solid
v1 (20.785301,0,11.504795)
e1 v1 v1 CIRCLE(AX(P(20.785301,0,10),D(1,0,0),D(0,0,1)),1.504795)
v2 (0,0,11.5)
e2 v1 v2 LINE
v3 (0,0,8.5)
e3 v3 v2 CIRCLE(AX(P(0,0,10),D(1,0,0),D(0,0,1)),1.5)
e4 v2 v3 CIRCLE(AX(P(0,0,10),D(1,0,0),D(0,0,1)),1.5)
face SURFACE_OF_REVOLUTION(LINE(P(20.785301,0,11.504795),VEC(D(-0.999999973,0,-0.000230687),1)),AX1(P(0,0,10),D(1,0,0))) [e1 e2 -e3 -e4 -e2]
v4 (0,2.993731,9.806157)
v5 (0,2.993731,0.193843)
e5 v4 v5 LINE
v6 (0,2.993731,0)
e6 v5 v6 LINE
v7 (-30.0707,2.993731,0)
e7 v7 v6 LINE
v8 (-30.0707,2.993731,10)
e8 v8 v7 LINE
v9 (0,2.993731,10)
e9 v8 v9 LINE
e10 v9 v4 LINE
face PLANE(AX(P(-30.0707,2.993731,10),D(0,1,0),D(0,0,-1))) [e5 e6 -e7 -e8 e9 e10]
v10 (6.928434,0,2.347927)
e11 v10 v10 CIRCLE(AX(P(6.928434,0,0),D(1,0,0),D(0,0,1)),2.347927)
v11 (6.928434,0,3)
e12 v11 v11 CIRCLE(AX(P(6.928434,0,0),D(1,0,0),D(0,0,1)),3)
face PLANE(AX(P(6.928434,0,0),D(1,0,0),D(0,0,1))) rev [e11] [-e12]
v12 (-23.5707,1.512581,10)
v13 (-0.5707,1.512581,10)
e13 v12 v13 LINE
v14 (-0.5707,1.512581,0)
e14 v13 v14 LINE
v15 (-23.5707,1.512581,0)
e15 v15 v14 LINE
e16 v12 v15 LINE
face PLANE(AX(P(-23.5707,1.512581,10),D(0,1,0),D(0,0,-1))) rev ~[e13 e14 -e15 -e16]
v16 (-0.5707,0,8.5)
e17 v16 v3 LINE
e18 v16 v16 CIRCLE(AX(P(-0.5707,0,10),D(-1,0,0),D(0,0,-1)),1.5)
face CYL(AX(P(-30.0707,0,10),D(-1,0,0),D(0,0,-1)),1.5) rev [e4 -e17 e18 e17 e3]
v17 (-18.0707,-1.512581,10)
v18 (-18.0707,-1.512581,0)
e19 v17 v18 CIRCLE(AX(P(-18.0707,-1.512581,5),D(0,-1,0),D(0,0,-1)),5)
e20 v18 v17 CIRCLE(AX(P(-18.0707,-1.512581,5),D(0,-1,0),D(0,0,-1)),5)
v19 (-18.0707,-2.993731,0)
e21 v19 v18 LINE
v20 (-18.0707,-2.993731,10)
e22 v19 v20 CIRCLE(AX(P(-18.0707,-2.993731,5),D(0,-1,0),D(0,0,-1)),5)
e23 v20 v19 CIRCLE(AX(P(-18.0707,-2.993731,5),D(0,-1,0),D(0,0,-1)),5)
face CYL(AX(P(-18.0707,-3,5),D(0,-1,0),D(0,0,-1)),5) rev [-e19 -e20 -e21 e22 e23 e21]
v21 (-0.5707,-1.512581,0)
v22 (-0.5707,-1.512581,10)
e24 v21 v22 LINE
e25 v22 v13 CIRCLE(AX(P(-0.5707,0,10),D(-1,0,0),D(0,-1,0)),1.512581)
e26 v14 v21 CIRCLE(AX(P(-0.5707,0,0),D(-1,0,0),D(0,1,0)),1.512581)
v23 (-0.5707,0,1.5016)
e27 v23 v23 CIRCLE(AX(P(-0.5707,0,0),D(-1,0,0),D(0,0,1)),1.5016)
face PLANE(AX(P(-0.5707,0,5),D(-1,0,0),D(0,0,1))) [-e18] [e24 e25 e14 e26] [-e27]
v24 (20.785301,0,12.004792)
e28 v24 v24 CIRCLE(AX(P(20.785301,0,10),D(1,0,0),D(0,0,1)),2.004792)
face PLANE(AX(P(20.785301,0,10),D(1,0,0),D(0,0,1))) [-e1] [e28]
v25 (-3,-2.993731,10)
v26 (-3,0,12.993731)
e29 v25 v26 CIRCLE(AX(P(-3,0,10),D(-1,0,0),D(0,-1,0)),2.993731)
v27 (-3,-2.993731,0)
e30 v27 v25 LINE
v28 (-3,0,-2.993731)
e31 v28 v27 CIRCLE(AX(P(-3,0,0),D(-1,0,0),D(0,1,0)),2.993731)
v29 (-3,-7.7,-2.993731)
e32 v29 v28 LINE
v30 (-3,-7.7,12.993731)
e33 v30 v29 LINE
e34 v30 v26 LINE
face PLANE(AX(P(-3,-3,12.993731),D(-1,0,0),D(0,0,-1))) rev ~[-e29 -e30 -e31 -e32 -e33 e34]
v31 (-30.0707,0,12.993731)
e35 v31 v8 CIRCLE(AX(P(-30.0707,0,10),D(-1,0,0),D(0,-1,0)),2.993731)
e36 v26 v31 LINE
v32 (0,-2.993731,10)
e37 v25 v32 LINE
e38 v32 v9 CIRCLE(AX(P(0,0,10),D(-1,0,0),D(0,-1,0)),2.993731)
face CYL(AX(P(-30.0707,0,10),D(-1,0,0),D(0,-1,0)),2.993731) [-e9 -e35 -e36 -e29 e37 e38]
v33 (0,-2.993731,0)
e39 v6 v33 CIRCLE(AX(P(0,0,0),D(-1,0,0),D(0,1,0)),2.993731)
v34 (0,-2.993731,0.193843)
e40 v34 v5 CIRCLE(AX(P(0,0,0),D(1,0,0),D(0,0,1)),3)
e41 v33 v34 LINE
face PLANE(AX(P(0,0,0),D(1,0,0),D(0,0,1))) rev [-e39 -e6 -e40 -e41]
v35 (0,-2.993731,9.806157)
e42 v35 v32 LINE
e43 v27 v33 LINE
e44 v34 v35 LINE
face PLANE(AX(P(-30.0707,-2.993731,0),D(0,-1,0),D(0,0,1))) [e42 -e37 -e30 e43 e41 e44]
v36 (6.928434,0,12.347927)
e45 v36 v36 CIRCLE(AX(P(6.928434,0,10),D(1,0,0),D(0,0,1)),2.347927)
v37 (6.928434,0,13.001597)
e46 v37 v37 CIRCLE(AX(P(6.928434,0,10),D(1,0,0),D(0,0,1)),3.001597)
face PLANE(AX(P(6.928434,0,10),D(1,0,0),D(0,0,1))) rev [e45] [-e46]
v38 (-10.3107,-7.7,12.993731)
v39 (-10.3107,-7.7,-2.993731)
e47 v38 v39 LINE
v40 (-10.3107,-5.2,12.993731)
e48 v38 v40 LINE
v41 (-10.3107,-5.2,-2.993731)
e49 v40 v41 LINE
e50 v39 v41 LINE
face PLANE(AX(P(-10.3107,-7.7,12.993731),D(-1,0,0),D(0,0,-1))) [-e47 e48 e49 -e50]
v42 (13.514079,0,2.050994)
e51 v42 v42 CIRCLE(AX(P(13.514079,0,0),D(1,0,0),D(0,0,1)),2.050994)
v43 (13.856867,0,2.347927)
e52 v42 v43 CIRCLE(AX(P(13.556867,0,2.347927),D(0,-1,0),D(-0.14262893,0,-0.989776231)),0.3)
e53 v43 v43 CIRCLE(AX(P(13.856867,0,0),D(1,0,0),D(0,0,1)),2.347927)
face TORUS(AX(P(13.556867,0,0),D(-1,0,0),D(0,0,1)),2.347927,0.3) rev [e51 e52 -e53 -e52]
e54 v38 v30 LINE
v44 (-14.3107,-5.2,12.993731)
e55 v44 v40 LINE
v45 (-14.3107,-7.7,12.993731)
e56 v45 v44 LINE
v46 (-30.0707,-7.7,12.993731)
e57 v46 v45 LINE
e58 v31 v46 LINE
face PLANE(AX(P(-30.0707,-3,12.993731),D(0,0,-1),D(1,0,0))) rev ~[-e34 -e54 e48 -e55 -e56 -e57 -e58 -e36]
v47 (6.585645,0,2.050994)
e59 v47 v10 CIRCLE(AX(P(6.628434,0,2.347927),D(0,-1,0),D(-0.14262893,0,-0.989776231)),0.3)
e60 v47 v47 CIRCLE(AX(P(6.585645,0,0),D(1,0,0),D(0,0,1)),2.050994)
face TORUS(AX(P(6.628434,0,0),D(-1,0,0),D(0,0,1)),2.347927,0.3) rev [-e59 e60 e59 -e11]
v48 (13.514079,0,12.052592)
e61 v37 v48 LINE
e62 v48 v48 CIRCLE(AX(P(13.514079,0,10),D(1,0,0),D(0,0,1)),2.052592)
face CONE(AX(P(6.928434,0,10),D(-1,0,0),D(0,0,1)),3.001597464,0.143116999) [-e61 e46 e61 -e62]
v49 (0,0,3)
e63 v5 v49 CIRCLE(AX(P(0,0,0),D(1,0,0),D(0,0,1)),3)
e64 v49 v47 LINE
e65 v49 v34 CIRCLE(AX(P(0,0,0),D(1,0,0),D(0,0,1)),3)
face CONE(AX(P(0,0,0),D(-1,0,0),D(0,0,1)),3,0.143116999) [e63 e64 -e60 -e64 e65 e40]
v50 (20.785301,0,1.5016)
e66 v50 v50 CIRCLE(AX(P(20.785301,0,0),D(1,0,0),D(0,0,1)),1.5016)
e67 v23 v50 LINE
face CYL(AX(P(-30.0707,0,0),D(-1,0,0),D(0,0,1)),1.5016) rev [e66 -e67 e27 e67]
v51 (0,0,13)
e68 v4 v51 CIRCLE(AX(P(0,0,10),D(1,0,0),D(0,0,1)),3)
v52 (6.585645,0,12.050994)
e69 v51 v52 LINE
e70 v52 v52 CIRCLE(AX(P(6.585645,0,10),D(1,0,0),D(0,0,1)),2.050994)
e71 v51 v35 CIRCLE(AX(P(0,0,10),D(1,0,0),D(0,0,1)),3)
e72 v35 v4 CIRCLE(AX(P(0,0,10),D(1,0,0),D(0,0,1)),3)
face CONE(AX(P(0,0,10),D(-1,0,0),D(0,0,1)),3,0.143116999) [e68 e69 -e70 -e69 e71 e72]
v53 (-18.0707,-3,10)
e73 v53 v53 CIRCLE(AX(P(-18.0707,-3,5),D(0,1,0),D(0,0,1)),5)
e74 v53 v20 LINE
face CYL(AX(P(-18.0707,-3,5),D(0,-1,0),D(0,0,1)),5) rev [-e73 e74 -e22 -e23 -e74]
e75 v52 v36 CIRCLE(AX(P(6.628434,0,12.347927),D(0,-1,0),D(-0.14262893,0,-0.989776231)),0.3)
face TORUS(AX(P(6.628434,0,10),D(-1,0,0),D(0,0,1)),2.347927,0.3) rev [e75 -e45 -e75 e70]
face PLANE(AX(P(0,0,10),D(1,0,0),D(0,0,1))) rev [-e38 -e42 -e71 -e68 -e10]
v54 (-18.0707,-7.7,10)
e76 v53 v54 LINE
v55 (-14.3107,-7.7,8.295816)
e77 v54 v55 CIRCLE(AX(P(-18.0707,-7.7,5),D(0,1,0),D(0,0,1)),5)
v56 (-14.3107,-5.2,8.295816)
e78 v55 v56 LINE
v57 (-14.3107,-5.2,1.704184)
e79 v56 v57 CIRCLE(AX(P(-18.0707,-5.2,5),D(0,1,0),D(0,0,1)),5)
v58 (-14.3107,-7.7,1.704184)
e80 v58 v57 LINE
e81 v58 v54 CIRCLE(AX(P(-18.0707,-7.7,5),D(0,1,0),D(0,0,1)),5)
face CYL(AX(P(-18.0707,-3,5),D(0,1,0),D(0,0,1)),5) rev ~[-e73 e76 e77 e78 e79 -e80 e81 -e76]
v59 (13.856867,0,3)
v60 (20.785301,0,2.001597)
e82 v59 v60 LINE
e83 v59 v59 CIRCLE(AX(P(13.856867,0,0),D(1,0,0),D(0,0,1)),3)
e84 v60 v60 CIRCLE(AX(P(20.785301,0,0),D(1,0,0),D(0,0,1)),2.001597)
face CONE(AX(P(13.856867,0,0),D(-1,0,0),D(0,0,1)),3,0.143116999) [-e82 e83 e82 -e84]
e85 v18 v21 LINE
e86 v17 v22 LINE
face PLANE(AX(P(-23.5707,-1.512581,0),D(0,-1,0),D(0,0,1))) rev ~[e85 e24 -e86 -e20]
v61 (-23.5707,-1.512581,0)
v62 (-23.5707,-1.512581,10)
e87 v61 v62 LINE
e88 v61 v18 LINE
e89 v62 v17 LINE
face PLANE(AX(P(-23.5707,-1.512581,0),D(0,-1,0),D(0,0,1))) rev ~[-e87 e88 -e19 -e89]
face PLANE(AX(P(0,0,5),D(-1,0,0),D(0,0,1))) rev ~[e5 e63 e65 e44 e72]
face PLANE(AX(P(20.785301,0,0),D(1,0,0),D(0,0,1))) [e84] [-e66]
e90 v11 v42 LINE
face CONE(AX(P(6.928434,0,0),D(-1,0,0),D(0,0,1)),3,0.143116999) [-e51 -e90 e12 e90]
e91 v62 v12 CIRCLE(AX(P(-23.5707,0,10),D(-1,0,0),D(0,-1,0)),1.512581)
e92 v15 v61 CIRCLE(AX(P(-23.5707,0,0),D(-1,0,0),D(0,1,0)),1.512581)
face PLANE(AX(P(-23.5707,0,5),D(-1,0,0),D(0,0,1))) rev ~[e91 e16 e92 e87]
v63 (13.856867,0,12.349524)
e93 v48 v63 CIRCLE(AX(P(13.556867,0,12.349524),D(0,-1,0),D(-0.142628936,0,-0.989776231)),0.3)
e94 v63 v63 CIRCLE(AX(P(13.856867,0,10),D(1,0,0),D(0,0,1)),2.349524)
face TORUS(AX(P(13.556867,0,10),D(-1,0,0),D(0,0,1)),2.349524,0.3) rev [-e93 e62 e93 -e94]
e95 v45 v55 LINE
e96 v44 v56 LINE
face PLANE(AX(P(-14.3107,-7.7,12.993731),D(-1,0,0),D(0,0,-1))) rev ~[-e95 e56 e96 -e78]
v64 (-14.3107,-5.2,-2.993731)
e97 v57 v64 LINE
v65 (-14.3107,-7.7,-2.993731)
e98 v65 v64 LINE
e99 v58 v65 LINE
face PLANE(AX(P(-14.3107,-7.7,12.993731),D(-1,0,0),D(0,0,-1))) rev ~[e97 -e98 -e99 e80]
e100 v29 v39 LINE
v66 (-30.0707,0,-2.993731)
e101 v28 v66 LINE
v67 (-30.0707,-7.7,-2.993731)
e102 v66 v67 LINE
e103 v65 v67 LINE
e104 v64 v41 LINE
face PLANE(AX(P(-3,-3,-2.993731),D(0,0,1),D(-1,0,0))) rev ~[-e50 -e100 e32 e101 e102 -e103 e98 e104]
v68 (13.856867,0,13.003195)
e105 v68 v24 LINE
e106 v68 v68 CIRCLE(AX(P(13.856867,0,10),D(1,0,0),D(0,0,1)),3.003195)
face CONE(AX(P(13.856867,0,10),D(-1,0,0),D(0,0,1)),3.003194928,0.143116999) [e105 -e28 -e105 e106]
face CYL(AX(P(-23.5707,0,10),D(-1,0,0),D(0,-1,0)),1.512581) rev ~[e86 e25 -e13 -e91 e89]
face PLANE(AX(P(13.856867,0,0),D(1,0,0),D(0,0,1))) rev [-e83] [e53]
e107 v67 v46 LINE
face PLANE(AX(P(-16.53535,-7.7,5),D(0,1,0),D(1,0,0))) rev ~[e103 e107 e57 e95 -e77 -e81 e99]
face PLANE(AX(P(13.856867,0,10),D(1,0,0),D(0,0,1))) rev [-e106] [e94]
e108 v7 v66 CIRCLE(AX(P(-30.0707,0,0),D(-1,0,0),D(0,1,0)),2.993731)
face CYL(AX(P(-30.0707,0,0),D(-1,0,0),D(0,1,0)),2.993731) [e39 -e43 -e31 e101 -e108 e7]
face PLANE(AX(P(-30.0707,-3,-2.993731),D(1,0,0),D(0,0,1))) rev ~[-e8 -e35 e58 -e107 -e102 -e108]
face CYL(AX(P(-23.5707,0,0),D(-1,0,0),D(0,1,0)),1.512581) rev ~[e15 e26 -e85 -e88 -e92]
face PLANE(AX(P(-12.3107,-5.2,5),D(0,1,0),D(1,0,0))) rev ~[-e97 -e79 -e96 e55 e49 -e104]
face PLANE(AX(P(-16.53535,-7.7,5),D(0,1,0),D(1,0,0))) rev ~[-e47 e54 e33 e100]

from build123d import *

# Parameters (mm, degrees)
BOSS_EXTRUDE1_START             = -30.0707
SKETCH3_R                       = 1.5016
SKETCH3_R_2                     = 1.5
BOSS_EXTRUDE1_DEPTH             = 30.0707
CUT_EXTRUDE2_DEPTH              = 23
BOSS_EXTRUDE3_DEPTH             = 6.5
SKETCH7_R                       = 5
CUT_EXTRUDE3_DEPTH              = 3
SKETCH8_R                       = 5
BOSS_EXTRUDE6_DEPTH             = 4.7
BOSS_EXTRUDE6_DIRECTION_2_REACH = 35.307
SKETCH10_W                      = 4
SKETCH10_H                      = 15.987461918
CUT_EXTRUDE5_DEPTH              = 2.5


with BuildPart() as part:
    # Sketch1 → Revolve1 (revolve)
    with BuildSketch(Plane(origin=(0, 0, 0), x_dir=(1, 0, 0), z_dir=(0, 1, 0)), mode=Mode.PRIVATE) as revolve1_sk:
        with BuildLine():
            Line((6.928433616, 2.347926937), (6.928433616, 3))
            Line((6.928433616, 3), (13.514078553, 2.050994067))
            ThreePointArc((13.514078553, 2.050994067), (13.753289477, 2.121170896), (13.856867233, 2.347926937))
            Line((13.856867233, 2.347926937), (13.856867233, 3))
            Line((13.856867233, 3), (20.785300849, 2.001597464))
            Line((20.785300849, 2.001597464), (20.785300849, 1.5016))
            Line((20.785300849, 1.5016), (0, 1.5016))
            Line((0, 1.5016), (0, 3))
            Line((0, 3), (6.585644936, 2.050994067))
            ThreePointArc((6.585644936, 2.050994067), (6.82485586, 2.121170896), (6.928433616, 2.347926937))
        make_face()
    revolve(revolve1_sk.sketch.rotate(Axis((0, 0, 0), (1, 0, 0)), 180), axis=Axis((0, 0, 0), (1, 0, 0)))



with BuildPart() as body_2:
    # Sketch2 → Revolve2 (revolve)
    with BuildSketch(Plane(origin=(0, 0, 0), x_dir=(1, 0, 0), z_dir=(0, 1, 0)), mode=Mode.PRIVATE) as revolve2_sk:
        with BuildLine():
            Line((0, -7), (6.585644936, -7.949005933))
            ThreePointArc((6.585644936, -7.949005933), (6.82485586, -7.878829104), (6.928433616, -7.652073063))
            Line((6.928433616, -7.652073063), (6.928433616, -6.998402536))
            Line((6.928433616, -6.998402536), (13.514078553, -7.947408468))
            ThreePointArc((13.514078553, -7.947408468), (13.753289477, -7.87723164), (13.856867233, -7.650475599))
            Line((13.856867233, -7.650475599), (13.856867233, -6.996805072))
            Line((13.856867233, -6.996805072), (20.785300849, -7.995207608))
            Line((20.785300849, -7.995207608), (20.785300849, -8.495205108))
            Line((20.785300849, -8.495205108), (0, -8.5))
            Line((0, -8.5), (0, -7))
        make_face()
    revolve(revolve2_sk.sketch.rotate(Axis((0, 0, 10), (1, 0, 0)), 180), axis=Axis((0, 0, 10), (1, 0, 0)))


with BuildPart() as part_1:
    add(part.part)

    add(body_2.part)  # Boss-Extrude1 merges body 2
    # Sketch3 → Boss-Extrude1 (add)
    with BuildSketch(Plane(origin=(0, 0, 0), x_dir=(0, 0, -1), z_dir=(1, 0, 0)).offset(BOSS_EXTRUDE1_START)):
        with BuildLine():
            Line((0, -2.993730959), (-10, -2.993730959))
            ThreePointArc((-10, -2.993730959), (-12.993730959, 0), (-10, 2.993730959))
            Line((-10, 2.993730959), (0, 2.993730959))
            ThreePointArc((0, 2.993730959), (2.993730959, 0), (0, -2.993730959))
        make_face()
        with Locations(Location((0, 0, 0), (0, 0, 180))):
            Circle(SKETCH3_R, mode=Mode.SUBTRACT)
        with Locations((-10, 0)):
            Circle(SKETCH3_R_2, mode=Mode.SUBTRACT)
    extrude(amount=BOSS_EXTRUDE1_DEPTH)

    # Sketch4 → Cut-Extrude2 (cut)
    with BuildSketch(Plane(origin=(-23.5707, 0, 0), x_dir=(0, 0, -1), z_dir=(1, 0, 0))):
        with BuildLine():
            Line((-10, 1.512580603), (0, 1.512580603))
            ThreePointArc((0, 1.512580603), (1.512580603, 0), (0, -1.512580603))
            Line((0, -1.512580603), (-10, -1.512580603))
            ThreePointArc((-10, -1.512580603), (-11.512580603, 0), (-10, 1.512580603))
        make_face()
    extrude(amount=CUT_EXTRUDE2_DEPTH, mode=Mode.SUBTRACT)

    # Sketch5 → Boss-Extrude3 (add)
    with BuildSketch(Plane(origin=(-30.0707, 0, 0), x_dir=(0, 0, -1), z_dir=(1, 0, 0))):
        with BuildLine():
            Line((-10, 2.991500791), (0, 2.991500791))
            ThreePointArc((0, 2.991500791), (2.991500791, 0), (0, -2.991500791))
            Line((0, -2.991500791), (-10, -2.991500791))
            ThreePointArc((-10, -2.991500791), (-12.991500791, 0), (-10, 2.991500791))
        make_face()
    extrude(amount=BOSS_EXTRUDE3_DEPTH)

    # Sketch7 → Cut-Extrude3 (cut)
    with BuildSketch(Plane(origin=(0, -3, 0), x_dir=(1, 0, 0), z_dir=(0, 1, 0))):
        with Locations(Location((-18.0707, -5, 0), (0, 0, 90))):
            Circle(SKETCH7_R)
    extrude(amount=CUT_EXTRUDE3_DEPTH, mode=Mode.SUBTRACT)

    # Sketch8 → Boss-Extrude6 (add)
    with BuildSketch(Plane(origin=(0, -3, 0), x_dir=(1, 0, 0), z_dir=(0, 1, 0))):
        Polygon((-30.0707, -5), (-30.0707, -12.993730959), (-3, -12.993730959), (-3, 2.993730959), (-30.0707, 2.993730959), align=None)
        with Locations(Location((-18.0707, -5, 0), (0, 0, 270))):
            Circle(SKETCH8_R, mode=Mode.SUBTRACT)
    extrude(amount=-BOSS_EXTRUDE6_DEPTH)

    # Sketch8 → Boss-Extrude6 direction 2 (add, up to next)
    with BuildSketch(Plane(origin=(0, -3, 0), x_dir=(1, 0, 0), z_dir=(0, 1, 0)), mode=Mode.PRIVATE) as boss_extrude6_direction_2_sk1:
        Polygon((-30.0707, -5), (-30.0707, -12.993730959), (-3, -12.993730959), (-3, 2.993730959), (-30.0707, 2.993730959), align=None)
        with Locations(Location((-18.0707, -5, 0), (0, 0, 270))):
            Circle(SKETCH8_R, mode=Mode.SUBTRACT)
    boss_extrude6_direction_2_tool1 = extrude(boss_extrude6_direction_2_sk1.sketch, amount=BOSS_EXTRUDE6_DIRECTION_2_REACH, mode=Mode.PRIVATE) - part_1.part
    add(boss_extrude6_direction_2_tool1.solids().sort_by_distance((-29.756308, -3, 8.996865))[0])

    # Sketch10 → Cut-Extrude5 (cut)
    with BuildSketch(Plane(origin=(0, -7.7, 0), x_dir=(1, 0, 0), z_dir=(0, 1, 0))):
        with Locations((-12.3107, -5)):
            Rectangle(SKETCH10_W, SKETCH10_H)
    extrude(amount=CUT_EXTRUDE5_DEPTH, mode=Mode.SUBTRACT)


solid = part_1.part
